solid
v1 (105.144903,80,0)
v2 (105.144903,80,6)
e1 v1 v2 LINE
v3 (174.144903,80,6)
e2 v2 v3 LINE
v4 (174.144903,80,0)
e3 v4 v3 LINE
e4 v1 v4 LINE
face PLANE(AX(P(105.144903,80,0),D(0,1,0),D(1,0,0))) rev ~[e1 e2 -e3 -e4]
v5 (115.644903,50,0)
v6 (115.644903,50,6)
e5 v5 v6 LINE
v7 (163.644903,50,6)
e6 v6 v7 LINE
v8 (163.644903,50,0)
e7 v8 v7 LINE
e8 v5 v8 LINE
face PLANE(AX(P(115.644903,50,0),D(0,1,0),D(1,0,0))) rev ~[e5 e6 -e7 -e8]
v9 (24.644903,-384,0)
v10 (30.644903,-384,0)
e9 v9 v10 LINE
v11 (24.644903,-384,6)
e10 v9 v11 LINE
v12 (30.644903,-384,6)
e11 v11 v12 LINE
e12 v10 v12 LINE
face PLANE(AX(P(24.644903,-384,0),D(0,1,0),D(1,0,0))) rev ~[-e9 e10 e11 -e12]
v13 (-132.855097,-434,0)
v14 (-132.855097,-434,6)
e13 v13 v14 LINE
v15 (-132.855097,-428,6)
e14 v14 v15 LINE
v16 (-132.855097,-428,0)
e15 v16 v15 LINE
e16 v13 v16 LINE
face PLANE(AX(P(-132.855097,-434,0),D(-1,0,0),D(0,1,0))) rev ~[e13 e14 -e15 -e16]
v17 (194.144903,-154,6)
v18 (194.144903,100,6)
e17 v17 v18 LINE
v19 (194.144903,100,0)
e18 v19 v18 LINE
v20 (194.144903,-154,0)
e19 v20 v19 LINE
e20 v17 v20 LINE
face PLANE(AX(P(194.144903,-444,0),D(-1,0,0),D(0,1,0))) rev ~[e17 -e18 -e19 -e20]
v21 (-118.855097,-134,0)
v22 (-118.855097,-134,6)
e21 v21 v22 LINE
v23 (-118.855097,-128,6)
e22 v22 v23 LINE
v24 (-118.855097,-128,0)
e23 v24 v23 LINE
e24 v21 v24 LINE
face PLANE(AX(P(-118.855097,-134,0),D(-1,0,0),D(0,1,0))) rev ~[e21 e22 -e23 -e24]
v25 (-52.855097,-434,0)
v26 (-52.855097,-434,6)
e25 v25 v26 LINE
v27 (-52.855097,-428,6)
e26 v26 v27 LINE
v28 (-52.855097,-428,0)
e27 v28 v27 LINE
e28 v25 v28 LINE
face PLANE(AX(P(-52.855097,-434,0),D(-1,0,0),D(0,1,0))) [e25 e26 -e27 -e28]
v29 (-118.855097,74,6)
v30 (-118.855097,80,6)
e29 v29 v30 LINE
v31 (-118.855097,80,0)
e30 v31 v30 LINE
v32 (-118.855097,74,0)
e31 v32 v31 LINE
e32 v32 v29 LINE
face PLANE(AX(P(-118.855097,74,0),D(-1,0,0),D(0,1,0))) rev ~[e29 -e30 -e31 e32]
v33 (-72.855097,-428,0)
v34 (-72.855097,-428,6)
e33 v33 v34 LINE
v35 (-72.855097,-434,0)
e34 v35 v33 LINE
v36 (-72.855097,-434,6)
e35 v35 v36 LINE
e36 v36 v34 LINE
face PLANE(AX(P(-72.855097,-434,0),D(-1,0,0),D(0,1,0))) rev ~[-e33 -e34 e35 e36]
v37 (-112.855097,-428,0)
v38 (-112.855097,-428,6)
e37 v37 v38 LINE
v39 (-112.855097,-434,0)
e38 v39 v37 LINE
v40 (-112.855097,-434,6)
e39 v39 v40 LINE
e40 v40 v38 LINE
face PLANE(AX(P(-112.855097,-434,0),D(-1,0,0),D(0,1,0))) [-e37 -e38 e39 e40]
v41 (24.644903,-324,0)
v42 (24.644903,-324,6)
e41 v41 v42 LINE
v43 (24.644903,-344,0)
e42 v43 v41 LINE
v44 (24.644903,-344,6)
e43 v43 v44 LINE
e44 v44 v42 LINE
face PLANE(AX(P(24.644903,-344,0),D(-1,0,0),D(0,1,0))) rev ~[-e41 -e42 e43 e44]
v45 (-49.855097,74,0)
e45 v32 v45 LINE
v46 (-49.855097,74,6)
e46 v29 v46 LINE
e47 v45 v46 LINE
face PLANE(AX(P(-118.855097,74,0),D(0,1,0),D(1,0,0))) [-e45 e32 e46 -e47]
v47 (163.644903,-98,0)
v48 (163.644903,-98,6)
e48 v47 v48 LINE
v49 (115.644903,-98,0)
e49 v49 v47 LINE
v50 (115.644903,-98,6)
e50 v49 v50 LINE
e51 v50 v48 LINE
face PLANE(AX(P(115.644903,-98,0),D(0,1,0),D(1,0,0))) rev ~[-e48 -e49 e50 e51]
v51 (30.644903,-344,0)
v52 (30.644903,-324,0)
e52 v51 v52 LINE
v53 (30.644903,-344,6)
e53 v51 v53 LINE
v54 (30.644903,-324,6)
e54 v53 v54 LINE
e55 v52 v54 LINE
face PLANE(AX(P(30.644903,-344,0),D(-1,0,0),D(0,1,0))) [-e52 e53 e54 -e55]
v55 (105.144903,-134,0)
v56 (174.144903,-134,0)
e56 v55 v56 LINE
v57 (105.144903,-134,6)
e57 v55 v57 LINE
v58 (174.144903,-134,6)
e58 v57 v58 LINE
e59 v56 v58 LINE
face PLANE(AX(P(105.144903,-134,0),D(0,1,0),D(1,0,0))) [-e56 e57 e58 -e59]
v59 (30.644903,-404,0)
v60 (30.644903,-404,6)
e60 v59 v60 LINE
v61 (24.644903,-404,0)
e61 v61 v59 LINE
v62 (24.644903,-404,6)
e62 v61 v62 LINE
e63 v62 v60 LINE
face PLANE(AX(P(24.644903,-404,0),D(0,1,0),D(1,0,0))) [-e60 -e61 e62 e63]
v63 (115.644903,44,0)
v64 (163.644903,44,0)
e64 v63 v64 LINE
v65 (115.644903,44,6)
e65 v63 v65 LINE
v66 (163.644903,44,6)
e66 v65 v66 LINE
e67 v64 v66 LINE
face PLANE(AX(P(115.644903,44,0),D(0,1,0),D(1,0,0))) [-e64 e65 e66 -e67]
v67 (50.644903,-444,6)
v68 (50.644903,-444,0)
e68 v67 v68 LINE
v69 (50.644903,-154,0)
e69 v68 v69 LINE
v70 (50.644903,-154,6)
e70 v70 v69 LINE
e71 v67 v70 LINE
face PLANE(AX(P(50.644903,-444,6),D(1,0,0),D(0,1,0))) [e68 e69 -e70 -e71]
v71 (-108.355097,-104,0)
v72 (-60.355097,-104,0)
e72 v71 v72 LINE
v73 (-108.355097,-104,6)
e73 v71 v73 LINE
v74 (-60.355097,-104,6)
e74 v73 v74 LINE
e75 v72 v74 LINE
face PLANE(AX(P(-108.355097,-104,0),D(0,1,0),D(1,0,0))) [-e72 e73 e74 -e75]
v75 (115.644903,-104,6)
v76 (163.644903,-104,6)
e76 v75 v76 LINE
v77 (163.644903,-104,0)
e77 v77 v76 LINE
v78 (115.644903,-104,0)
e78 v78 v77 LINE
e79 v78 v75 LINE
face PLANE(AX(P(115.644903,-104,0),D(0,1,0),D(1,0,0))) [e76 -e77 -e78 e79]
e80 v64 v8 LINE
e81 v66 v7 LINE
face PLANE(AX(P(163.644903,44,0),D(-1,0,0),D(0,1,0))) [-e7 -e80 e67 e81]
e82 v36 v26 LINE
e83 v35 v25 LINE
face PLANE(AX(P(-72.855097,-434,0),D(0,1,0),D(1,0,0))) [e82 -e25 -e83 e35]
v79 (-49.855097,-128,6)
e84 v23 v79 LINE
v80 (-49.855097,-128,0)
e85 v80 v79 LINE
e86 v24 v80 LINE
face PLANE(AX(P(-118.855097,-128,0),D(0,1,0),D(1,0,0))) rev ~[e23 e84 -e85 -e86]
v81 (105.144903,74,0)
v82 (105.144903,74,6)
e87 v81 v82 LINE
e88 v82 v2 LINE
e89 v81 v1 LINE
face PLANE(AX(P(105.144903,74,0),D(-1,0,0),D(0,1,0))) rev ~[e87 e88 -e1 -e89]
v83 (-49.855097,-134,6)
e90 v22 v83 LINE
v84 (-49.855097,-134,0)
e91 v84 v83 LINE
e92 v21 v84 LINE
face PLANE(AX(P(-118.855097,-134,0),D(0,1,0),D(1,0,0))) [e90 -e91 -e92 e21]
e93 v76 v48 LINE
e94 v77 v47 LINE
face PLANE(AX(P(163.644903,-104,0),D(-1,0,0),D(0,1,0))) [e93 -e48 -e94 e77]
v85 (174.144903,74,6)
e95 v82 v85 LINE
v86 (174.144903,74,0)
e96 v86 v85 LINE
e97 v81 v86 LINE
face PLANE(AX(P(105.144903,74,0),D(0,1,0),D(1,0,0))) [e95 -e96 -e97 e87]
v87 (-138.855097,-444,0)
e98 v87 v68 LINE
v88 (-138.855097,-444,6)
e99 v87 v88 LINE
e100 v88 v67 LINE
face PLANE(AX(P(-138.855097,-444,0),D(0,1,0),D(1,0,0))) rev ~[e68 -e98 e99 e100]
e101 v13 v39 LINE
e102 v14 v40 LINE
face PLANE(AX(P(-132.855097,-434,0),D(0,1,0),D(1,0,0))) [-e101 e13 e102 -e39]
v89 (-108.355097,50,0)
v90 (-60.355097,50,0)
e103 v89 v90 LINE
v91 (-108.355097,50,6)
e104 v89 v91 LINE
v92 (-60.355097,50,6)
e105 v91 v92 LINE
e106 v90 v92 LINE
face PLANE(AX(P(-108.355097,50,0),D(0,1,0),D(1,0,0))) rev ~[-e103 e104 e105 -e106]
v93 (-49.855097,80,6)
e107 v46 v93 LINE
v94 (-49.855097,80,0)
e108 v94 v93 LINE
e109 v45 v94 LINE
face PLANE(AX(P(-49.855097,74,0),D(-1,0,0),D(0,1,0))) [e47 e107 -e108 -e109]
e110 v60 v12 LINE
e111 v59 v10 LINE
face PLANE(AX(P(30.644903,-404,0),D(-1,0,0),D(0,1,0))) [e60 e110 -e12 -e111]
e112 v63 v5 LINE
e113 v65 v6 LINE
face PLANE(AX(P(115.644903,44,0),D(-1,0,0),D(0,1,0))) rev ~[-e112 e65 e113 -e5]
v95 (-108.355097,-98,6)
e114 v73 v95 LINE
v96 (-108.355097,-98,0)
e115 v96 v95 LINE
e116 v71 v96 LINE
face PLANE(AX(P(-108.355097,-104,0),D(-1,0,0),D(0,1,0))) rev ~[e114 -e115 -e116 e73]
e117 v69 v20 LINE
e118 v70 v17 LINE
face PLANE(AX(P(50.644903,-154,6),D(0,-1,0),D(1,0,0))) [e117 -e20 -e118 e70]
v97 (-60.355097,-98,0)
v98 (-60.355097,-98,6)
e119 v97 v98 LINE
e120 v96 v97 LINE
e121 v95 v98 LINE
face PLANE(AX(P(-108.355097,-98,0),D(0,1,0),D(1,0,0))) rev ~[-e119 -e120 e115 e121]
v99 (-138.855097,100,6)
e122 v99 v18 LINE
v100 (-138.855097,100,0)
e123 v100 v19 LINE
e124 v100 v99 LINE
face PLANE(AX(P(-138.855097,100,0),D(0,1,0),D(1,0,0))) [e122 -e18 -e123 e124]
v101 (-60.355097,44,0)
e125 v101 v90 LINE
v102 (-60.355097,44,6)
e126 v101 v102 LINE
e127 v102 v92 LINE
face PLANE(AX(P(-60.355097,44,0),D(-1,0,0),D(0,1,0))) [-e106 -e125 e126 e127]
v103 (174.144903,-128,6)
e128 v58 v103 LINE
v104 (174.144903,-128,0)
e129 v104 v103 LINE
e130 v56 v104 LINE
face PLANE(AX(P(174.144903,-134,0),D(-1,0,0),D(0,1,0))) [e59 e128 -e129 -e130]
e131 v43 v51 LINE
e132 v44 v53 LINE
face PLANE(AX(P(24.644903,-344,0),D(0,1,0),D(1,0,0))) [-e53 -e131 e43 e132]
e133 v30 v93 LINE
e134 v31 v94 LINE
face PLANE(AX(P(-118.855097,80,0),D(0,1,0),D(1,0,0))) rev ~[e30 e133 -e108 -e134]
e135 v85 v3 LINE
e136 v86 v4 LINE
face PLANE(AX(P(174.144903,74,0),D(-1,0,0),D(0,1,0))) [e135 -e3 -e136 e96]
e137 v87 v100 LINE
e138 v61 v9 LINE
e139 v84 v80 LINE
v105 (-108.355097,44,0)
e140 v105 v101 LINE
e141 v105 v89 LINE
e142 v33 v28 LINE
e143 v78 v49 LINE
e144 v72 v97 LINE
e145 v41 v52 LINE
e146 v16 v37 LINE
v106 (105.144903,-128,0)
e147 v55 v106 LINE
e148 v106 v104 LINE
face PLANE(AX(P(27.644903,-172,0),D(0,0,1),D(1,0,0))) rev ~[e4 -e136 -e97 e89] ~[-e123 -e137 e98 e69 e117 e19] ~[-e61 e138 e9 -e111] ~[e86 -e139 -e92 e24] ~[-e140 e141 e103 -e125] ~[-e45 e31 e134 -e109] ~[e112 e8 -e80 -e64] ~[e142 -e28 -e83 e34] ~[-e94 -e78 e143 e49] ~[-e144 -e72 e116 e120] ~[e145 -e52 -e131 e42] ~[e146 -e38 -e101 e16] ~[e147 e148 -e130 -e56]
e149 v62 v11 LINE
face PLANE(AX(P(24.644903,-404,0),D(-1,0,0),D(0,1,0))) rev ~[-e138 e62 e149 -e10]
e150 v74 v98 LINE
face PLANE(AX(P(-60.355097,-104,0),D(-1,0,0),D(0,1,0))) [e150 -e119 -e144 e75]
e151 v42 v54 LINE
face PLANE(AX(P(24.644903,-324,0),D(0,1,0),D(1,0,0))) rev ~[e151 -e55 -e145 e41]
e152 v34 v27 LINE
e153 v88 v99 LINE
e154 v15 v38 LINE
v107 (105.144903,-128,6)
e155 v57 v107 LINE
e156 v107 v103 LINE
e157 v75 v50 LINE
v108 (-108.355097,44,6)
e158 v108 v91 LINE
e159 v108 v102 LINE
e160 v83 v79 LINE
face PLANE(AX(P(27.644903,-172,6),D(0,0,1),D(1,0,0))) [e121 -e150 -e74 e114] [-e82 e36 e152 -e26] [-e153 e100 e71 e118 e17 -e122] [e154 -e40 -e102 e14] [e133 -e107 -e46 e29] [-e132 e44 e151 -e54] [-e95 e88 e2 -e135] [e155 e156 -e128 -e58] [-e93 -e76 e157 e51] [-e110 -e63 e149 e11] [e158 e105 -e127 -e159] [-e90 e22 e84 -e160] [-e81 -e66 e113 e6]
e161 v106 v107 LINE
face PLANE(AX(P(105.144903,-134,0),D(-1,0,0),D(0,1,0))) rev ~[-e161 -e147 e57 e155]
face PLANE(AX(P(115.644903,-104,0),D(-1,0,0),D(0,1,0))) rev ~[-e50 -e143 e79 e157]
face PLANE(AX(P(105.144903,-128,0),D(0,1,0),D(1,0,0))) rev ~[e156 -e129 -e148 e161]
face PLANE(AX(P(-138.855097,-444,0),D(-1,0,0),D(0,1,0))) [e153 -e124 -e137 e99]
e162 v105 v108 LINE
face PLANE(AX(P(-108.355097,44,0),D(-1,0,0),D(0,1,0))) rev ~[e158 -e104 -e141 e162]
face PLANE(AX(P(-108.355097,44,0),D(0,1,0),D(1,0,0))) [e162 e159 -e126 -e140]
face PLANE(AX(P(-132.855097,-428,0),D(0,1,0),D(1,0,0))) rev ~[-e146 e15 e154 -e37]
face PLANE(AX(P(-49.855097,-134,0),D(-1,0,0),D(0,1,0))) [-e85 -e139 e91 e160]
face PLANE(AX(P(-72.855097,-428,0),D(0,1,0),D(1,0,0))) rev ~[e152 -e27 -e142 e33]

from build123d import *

# Parameters (mm, degrees)
SKETCH1_W           = 333
SKETCH1_H           = 544
SKETCH1_W_2         = 48
SKETCH1_H_2         = 6
SKETCH1_W_3         = 69
SKETCH1_W_4         = 6
SKETCH1_H_3         = 20
SKETCH1_W_5         = 20
BOSS_EXTRUDE1_DEPTH = 6
SKETCH2_W           = 143.5
SKETCH2_H           = 290
CUT_EXTRUDE1_DEPTH  = 6


with BuildPart() as part:
    # Sketch1 → Boss-Extrude1 (new body)
    with BuildSketch(Plane.XY):
        with Locations((27.644903204, -172)):
            Rectangle(SKETCH1_W, SKETCH1_H)
        with Locations((139.644903204, 47)):
            Rectangle(SKETCH1_W_2, SKETCH1_H_2, mode=Mode.SUBTRACT)
        with Locations((139.644903204, 77)):
            Rectangle(SKETCH1_W_3, SKETCH1_H_2, mode=Mode.SUBTRACT)
        with Locations((139.644903204, -101)):
            Rectangle(SKETCH1_W_2, SKETCH1_H_2, mode=Mode.SUBTRACT)
        with Locations((139.644903204, -131)):
            Rectangle(SKETCH1_W_3, SKETCH1_H_2, mode=Mode.SUBTRACT)
        with Locations((-84.355096796, 77)):
            Rectangle(SKETCH1_W_3, SKETCH1_H_2, mode=Mode.SUBTRACT)
        with Locations((-84.355096796, 47)):
            Rectangle(SKETCH1_W_2, SKETCH1_H_2, mode=Mode.SUBTRACT)
        with Locations((-84.355096796, -101)):
            Rectangle(SKETCH1_W_2, SKETCH1_H_2, mode=Mode.SUBTRACT)
        with Locations((-84.355096796, -131)):
            Rectangle(SKETCH1_W_3, SKETCH1_H_2, mode=Mode.SUBTRACT)
        with Locations((27.644903204, -394)):
            Rectangle(SKETCH1_W_4, SKETCH1_H_3, mode=Mode.SUBTRACT)
        with Locations((27.644903204, -334)):
            Rectangle(SKETCH1_W_4, SKETCH1_H_3, mode=Mode.SUBTRACT)
        with Locations((-62.855096796, -431)):
            Rectangle(SKETCH1_W_5, SKETCH1_H_2, mode=Mode.SUBTRACT)
        with Locations((-122.855096796, -431)):
            Rectangle(SKETCH1_W_5, SKETCH1_H_2, mode=Mode.SUBTRACT)
    extrude(amount=BOSS_EXTRUDE1_DEPTH)

    # Sketch2 → Cut-Extrude1 (cut)
    with BuildSketch(Plane.XY.offset(6)):
        with Locations((122.394903204, -299)):
            Rectangle(SKETCH2_W, SKETCH2_H)
    extrude(amount=-CUT_EXTRUDE1_DEPTH, mode=Mode.SUBTRACT)


solid = part.part
